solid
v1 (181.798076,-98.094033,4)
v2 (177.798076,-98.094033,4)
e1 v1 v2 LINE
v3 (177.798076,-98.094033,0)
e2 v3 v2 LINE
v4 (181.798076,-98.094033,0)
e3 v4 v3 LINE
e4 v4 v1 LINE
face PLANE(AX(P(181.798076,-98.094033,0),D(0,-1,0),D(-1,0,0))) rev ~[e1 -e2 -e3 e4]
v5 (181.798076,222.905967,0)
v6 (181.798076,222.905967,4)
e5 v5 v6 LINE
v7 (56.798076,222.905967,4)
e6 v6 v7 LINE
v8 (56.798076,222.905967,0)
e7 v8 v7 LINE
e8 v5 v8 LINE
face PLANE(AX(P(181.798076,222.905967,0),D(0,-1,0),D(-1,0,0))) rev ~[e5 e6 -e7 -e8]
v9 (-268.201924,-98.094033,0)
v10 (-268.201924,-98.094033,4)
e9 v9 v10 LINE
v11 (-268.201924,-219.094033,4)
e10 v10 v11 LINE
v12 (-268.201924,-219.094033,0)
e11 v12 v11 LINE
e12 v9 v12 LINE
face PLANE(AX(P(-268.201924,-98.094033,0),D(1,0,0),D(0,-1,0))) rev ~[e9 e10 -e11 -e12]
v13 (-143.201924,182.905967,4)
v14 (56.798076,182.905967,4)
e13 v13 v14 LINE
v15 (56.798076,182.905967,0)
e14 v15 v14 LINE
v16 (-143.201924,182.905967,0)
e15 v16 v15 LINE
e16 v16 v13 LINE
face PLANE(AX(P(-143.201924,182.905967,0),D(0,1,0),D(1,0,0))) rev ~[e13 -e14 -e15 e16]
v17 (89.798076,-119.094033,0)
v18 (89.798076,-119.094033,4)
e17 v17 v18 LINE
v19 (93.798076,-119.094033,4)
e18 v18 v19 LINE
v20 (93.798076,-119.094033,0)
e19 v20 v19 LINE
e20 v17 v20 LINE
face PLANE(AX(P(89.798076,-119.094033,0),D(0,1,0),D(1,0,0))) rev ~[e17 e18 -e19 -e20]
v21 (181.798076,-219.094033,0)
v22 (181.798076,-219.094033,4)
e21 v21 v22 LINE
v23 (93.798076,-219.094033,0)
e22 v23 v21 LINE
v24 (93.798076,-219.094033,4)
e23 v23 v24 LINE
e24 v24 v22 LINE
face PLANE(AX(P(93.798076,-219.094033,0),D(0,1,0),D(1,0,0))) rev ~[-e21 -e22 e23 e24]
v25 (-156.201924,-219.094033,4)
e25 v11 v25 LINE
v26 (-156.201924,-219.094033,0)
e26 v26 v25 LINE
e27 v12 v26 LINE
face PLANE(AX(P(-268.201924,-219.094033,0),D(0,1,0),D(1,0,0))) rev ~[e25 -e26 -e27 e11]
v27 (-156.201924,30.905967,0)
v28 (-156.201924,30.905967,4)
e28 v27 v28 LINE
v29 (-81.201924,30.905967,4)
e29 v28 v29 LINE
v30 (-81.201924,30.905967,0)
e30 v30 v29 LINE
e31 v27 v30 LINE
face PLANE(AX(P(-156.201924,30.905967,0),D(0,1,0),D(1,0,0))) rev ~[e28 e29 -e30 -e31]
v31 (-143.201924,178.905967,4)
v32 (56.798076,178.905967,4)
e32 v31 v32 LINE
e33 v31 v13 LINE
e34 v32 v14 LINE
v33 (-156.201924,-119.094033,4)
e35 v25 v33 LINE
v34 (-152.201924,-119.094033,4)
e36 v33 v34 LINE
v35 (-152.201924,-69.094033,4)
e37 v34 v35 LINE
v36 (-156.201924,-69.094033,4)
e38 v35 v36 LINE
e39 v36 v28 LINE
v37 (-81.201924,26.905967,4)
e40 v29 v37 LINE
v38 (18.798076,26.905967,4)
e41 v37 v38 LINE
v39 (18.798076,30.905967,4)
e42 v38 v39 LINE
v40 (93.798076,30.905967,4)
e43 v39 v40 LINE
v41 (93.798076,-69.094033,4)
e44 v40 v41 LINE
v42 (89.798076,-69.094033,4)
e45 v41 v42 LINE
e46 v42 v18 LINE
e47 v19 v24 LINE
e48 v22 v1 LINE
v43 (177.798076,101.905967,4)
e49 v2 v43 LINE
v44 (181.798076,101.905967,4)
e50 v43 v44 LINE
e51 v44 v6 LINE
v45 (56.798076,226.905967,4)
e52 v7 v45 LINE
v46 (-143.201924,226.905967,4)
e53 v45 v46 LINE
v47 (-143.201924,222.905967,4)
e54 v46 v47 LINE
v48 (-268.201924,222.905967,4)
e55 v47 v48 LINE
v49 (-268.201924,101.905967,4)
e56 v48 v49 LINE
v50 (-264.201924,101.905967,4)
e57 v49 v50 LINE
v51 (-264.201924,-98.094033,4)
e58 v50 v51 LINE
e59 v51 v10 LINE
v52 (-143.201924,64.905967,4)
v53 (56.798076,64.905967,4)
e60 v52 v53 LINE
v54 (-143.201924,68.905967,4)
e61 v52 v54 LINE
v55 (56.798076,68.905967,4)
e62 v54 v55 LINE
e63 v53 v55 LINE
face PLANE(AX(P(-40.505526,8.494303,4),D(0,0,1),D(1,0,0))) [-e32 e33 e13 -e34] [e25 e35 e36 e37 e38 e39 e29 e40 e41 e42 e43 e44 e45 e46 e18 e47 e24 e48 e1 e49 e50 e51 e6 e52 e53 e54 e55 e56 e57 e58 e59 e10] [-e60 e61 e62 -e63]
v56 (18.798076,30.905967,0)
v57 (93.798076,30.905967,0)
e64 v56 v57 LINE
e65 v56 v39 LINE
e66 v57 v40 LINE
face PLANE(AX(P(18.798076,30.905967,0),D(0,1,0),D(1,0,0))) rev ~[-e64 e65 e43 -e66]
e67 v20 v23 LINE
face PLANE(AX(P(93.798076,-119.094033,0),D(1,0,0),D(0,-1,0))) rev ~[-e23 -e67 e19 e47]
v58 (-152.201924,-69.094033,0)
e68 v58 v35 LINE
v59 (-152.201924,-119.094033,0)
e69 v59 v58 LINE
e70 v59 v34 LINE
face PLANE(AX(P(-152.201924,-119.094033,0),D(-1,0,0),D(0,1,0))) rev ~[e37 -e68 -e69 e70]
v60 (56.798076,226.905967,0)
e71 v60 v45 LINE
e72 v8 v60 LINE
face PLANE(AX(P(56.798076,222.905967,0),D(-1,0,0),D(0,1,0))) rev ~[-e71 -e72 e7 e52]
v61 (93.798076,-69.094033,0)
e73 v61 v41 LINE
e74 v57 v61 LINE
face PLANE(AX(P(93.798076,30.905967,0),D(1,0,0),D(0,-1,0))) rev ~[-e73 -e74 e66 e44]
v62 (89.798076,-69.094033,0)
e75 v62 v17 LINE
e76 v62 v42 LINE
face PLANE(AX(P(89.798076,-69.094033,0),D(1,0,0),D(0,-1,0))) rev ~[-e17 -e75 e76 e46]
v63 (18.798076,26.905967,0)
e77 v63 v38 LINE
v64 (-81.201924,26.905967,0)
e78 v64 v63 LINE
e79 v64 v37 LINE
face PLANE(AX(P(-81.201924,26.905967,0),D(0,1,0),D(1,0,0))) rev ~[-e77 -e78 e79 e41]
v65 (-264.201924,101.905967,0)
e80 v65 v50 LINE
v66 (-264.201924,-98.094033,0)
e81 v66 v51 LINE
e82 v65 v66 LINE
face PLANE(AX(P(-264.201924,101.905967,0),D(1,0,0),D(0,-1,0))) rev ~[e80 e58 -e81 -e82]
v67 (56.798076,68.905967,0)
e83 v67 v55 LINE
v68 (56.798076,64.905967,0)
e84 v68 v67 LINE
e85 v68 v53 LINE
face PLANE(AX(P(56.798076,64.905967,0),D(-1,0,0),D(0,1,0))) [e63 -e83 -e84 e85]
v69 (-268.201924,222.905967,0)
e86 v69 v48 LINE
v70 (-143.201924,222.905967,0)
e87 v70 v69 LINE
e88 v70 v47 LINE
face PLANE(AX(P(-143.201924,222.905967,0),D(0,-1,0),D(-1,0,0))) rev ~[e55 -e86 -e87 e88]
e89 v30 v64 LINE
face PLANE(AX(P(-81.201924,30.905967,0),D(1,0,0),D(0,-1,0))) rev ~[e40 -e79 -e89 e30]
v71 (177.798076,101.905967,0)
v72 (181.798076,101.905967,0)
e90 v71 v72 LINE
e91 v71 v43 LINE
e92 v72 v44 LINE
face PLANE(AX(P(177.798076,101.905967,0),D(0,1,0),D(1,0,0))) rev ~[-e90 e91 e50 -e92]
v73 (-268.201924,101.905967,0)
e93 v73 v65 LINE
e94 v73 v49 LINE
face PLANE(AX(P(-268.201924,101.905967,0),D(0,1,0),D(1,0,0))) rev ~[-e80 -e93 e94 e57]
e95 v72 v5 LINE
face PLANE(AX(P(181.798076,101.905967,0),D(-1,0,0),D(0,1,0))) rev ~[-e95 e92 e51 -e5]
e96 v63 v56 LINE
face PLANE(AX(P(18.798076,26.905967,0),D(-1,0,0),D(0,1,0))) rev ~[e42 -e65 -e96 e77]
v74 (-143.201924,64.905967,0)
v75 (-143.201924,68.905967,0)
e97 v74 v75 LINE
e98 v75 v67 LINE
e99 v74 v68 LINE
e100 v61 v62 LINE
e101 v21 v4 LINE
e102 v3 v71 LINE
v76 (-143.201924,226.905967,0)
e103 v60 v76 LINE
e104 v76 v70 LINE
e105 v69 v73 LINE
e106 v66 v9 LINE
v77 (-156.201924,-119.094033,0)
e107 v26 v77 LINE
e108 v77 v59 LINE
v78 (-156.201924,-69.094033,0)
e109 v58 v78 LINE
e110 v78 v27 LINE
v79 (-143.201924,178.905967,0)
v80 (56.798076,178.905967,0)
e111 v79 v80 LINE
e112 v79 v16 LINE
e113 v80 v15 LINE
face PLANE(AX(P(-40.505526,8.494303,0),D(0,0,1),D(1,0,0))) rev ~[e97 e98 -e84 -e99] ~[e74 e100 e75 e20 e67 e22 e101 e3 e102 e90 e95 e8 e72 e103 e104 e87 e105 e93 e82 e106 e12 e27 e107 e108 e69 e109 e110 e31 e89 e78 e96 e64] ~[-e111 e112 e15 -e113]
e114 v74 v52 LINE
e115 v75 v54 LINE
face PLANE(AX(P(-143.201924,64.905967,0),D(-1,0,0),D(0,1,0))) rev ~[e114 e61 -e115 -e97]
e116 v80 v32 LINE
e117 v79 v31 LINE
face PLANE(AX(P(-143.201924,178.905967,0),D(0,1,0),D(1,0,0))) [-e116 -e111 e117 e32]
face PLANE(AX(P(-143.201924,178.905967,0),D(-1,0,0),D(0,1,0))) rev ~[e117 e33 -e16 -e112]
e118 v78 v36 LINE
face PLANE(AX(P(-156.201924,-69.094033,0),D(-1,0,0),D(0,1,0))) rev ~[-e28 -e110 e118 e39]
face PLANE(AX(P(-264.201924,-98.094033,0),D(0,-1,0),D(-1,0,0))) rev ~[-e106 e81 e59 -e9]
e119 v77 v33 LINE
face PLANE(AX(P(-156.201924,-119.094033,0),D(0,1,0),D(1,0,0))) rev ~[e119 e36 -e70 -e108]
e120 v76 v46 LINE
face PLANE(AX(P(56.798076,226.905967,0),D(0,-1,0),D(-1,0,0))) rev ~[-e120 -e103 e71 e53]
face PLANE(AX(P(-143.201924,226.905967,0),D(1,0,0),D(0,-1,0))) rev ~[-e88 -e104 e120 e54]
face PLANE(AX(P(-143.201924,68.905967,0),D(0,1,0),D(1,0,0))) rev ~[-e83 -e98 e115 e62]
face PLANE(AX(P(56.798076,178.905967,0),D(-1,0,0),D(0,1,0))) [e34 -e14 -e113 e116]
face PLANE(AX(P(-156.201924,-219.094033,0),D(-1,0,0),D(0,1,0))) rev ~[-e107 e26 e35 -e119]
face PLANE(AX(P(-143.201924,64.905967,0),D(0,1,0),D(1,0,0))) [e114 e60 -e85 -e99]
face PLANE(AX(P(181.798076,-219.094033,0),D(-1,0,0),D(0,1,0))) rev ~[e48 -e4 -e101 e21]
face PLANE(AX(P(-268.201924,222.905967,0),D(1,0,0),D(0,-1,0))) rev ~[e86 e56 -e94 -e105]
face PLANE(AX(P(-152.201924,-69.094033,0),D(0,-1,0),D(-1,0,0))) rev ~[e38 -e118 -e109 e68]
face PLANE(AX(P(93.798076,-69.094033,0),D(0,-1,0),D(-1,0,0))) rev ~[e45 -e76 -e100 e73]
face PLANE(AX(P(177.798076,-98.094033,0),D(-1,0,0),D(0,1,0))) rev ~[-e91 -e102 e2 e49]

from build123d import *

# Parameters (mm, degrees)
SKETCH1_W           = 200
SKETCH1_H           = 4
BOSS_EXTRUDE1_DEPTH = 4


with BuildPart() as part:
    # Sketch1 → Boss-Extrude1 (new body)
    with BuildSketch(Plane.XY):
        Polygon((-268.2019237, -98.094032778), (-268.2019237, -219.094032778), (-156.2019237, -219.094032778), (-156.2019237, -119.094032778), (-152.2019237, -119.094032778), (-152.2019237, -69.094032778), (-156.2019237, -69.094032778), (-156.2019237, 30.905967222), (-81.2019237, 30.905967222), (-81.2019237, 26.905967222), (18.7980763, 26.905967222), (18.7980763, 30.905967222), (93.7980763, 30.905967222), (93.7980763, -69.094032778), (89.7980763, -69.094032778), (89.7980763, -119.094032778), (93.7980763, -119.094032778), (93.7980763, -219.094032778), (181.7980763, -219.094032778), (181.7980763, -98.094032778), (177.7980763, -98.094032778), (177.7980763, 101.905967222), (181.7980763, 101.905967222), (181.7980763, 222.905967222), (56.7980763, 222.905967222), (56.7980763, 226.905967222), (-143.2019237, 226.905967222), (-143.2019237, 222.905967222), (-268.2019237, 222.905967222), (-268.2019237, 101.905967222), (-264.2019237, 101.905967222), (-264.2019237, -98.094032778), align=None)
        with Locations((-43.2019237, 66.905967222)):
            Rectangle(SKETCH1_W, SKETCH1_H, mode=Mode.SUBTRACT)
        with Locations((-43.2019237, 180.905967222)):
            Rectangle(SKETCH1_W, SKETCH1_H, mode=Mode.SUBTRACT)
    extrude(amount=BOSS_EXTRUDE1_DEPTH)


solid = part.part
